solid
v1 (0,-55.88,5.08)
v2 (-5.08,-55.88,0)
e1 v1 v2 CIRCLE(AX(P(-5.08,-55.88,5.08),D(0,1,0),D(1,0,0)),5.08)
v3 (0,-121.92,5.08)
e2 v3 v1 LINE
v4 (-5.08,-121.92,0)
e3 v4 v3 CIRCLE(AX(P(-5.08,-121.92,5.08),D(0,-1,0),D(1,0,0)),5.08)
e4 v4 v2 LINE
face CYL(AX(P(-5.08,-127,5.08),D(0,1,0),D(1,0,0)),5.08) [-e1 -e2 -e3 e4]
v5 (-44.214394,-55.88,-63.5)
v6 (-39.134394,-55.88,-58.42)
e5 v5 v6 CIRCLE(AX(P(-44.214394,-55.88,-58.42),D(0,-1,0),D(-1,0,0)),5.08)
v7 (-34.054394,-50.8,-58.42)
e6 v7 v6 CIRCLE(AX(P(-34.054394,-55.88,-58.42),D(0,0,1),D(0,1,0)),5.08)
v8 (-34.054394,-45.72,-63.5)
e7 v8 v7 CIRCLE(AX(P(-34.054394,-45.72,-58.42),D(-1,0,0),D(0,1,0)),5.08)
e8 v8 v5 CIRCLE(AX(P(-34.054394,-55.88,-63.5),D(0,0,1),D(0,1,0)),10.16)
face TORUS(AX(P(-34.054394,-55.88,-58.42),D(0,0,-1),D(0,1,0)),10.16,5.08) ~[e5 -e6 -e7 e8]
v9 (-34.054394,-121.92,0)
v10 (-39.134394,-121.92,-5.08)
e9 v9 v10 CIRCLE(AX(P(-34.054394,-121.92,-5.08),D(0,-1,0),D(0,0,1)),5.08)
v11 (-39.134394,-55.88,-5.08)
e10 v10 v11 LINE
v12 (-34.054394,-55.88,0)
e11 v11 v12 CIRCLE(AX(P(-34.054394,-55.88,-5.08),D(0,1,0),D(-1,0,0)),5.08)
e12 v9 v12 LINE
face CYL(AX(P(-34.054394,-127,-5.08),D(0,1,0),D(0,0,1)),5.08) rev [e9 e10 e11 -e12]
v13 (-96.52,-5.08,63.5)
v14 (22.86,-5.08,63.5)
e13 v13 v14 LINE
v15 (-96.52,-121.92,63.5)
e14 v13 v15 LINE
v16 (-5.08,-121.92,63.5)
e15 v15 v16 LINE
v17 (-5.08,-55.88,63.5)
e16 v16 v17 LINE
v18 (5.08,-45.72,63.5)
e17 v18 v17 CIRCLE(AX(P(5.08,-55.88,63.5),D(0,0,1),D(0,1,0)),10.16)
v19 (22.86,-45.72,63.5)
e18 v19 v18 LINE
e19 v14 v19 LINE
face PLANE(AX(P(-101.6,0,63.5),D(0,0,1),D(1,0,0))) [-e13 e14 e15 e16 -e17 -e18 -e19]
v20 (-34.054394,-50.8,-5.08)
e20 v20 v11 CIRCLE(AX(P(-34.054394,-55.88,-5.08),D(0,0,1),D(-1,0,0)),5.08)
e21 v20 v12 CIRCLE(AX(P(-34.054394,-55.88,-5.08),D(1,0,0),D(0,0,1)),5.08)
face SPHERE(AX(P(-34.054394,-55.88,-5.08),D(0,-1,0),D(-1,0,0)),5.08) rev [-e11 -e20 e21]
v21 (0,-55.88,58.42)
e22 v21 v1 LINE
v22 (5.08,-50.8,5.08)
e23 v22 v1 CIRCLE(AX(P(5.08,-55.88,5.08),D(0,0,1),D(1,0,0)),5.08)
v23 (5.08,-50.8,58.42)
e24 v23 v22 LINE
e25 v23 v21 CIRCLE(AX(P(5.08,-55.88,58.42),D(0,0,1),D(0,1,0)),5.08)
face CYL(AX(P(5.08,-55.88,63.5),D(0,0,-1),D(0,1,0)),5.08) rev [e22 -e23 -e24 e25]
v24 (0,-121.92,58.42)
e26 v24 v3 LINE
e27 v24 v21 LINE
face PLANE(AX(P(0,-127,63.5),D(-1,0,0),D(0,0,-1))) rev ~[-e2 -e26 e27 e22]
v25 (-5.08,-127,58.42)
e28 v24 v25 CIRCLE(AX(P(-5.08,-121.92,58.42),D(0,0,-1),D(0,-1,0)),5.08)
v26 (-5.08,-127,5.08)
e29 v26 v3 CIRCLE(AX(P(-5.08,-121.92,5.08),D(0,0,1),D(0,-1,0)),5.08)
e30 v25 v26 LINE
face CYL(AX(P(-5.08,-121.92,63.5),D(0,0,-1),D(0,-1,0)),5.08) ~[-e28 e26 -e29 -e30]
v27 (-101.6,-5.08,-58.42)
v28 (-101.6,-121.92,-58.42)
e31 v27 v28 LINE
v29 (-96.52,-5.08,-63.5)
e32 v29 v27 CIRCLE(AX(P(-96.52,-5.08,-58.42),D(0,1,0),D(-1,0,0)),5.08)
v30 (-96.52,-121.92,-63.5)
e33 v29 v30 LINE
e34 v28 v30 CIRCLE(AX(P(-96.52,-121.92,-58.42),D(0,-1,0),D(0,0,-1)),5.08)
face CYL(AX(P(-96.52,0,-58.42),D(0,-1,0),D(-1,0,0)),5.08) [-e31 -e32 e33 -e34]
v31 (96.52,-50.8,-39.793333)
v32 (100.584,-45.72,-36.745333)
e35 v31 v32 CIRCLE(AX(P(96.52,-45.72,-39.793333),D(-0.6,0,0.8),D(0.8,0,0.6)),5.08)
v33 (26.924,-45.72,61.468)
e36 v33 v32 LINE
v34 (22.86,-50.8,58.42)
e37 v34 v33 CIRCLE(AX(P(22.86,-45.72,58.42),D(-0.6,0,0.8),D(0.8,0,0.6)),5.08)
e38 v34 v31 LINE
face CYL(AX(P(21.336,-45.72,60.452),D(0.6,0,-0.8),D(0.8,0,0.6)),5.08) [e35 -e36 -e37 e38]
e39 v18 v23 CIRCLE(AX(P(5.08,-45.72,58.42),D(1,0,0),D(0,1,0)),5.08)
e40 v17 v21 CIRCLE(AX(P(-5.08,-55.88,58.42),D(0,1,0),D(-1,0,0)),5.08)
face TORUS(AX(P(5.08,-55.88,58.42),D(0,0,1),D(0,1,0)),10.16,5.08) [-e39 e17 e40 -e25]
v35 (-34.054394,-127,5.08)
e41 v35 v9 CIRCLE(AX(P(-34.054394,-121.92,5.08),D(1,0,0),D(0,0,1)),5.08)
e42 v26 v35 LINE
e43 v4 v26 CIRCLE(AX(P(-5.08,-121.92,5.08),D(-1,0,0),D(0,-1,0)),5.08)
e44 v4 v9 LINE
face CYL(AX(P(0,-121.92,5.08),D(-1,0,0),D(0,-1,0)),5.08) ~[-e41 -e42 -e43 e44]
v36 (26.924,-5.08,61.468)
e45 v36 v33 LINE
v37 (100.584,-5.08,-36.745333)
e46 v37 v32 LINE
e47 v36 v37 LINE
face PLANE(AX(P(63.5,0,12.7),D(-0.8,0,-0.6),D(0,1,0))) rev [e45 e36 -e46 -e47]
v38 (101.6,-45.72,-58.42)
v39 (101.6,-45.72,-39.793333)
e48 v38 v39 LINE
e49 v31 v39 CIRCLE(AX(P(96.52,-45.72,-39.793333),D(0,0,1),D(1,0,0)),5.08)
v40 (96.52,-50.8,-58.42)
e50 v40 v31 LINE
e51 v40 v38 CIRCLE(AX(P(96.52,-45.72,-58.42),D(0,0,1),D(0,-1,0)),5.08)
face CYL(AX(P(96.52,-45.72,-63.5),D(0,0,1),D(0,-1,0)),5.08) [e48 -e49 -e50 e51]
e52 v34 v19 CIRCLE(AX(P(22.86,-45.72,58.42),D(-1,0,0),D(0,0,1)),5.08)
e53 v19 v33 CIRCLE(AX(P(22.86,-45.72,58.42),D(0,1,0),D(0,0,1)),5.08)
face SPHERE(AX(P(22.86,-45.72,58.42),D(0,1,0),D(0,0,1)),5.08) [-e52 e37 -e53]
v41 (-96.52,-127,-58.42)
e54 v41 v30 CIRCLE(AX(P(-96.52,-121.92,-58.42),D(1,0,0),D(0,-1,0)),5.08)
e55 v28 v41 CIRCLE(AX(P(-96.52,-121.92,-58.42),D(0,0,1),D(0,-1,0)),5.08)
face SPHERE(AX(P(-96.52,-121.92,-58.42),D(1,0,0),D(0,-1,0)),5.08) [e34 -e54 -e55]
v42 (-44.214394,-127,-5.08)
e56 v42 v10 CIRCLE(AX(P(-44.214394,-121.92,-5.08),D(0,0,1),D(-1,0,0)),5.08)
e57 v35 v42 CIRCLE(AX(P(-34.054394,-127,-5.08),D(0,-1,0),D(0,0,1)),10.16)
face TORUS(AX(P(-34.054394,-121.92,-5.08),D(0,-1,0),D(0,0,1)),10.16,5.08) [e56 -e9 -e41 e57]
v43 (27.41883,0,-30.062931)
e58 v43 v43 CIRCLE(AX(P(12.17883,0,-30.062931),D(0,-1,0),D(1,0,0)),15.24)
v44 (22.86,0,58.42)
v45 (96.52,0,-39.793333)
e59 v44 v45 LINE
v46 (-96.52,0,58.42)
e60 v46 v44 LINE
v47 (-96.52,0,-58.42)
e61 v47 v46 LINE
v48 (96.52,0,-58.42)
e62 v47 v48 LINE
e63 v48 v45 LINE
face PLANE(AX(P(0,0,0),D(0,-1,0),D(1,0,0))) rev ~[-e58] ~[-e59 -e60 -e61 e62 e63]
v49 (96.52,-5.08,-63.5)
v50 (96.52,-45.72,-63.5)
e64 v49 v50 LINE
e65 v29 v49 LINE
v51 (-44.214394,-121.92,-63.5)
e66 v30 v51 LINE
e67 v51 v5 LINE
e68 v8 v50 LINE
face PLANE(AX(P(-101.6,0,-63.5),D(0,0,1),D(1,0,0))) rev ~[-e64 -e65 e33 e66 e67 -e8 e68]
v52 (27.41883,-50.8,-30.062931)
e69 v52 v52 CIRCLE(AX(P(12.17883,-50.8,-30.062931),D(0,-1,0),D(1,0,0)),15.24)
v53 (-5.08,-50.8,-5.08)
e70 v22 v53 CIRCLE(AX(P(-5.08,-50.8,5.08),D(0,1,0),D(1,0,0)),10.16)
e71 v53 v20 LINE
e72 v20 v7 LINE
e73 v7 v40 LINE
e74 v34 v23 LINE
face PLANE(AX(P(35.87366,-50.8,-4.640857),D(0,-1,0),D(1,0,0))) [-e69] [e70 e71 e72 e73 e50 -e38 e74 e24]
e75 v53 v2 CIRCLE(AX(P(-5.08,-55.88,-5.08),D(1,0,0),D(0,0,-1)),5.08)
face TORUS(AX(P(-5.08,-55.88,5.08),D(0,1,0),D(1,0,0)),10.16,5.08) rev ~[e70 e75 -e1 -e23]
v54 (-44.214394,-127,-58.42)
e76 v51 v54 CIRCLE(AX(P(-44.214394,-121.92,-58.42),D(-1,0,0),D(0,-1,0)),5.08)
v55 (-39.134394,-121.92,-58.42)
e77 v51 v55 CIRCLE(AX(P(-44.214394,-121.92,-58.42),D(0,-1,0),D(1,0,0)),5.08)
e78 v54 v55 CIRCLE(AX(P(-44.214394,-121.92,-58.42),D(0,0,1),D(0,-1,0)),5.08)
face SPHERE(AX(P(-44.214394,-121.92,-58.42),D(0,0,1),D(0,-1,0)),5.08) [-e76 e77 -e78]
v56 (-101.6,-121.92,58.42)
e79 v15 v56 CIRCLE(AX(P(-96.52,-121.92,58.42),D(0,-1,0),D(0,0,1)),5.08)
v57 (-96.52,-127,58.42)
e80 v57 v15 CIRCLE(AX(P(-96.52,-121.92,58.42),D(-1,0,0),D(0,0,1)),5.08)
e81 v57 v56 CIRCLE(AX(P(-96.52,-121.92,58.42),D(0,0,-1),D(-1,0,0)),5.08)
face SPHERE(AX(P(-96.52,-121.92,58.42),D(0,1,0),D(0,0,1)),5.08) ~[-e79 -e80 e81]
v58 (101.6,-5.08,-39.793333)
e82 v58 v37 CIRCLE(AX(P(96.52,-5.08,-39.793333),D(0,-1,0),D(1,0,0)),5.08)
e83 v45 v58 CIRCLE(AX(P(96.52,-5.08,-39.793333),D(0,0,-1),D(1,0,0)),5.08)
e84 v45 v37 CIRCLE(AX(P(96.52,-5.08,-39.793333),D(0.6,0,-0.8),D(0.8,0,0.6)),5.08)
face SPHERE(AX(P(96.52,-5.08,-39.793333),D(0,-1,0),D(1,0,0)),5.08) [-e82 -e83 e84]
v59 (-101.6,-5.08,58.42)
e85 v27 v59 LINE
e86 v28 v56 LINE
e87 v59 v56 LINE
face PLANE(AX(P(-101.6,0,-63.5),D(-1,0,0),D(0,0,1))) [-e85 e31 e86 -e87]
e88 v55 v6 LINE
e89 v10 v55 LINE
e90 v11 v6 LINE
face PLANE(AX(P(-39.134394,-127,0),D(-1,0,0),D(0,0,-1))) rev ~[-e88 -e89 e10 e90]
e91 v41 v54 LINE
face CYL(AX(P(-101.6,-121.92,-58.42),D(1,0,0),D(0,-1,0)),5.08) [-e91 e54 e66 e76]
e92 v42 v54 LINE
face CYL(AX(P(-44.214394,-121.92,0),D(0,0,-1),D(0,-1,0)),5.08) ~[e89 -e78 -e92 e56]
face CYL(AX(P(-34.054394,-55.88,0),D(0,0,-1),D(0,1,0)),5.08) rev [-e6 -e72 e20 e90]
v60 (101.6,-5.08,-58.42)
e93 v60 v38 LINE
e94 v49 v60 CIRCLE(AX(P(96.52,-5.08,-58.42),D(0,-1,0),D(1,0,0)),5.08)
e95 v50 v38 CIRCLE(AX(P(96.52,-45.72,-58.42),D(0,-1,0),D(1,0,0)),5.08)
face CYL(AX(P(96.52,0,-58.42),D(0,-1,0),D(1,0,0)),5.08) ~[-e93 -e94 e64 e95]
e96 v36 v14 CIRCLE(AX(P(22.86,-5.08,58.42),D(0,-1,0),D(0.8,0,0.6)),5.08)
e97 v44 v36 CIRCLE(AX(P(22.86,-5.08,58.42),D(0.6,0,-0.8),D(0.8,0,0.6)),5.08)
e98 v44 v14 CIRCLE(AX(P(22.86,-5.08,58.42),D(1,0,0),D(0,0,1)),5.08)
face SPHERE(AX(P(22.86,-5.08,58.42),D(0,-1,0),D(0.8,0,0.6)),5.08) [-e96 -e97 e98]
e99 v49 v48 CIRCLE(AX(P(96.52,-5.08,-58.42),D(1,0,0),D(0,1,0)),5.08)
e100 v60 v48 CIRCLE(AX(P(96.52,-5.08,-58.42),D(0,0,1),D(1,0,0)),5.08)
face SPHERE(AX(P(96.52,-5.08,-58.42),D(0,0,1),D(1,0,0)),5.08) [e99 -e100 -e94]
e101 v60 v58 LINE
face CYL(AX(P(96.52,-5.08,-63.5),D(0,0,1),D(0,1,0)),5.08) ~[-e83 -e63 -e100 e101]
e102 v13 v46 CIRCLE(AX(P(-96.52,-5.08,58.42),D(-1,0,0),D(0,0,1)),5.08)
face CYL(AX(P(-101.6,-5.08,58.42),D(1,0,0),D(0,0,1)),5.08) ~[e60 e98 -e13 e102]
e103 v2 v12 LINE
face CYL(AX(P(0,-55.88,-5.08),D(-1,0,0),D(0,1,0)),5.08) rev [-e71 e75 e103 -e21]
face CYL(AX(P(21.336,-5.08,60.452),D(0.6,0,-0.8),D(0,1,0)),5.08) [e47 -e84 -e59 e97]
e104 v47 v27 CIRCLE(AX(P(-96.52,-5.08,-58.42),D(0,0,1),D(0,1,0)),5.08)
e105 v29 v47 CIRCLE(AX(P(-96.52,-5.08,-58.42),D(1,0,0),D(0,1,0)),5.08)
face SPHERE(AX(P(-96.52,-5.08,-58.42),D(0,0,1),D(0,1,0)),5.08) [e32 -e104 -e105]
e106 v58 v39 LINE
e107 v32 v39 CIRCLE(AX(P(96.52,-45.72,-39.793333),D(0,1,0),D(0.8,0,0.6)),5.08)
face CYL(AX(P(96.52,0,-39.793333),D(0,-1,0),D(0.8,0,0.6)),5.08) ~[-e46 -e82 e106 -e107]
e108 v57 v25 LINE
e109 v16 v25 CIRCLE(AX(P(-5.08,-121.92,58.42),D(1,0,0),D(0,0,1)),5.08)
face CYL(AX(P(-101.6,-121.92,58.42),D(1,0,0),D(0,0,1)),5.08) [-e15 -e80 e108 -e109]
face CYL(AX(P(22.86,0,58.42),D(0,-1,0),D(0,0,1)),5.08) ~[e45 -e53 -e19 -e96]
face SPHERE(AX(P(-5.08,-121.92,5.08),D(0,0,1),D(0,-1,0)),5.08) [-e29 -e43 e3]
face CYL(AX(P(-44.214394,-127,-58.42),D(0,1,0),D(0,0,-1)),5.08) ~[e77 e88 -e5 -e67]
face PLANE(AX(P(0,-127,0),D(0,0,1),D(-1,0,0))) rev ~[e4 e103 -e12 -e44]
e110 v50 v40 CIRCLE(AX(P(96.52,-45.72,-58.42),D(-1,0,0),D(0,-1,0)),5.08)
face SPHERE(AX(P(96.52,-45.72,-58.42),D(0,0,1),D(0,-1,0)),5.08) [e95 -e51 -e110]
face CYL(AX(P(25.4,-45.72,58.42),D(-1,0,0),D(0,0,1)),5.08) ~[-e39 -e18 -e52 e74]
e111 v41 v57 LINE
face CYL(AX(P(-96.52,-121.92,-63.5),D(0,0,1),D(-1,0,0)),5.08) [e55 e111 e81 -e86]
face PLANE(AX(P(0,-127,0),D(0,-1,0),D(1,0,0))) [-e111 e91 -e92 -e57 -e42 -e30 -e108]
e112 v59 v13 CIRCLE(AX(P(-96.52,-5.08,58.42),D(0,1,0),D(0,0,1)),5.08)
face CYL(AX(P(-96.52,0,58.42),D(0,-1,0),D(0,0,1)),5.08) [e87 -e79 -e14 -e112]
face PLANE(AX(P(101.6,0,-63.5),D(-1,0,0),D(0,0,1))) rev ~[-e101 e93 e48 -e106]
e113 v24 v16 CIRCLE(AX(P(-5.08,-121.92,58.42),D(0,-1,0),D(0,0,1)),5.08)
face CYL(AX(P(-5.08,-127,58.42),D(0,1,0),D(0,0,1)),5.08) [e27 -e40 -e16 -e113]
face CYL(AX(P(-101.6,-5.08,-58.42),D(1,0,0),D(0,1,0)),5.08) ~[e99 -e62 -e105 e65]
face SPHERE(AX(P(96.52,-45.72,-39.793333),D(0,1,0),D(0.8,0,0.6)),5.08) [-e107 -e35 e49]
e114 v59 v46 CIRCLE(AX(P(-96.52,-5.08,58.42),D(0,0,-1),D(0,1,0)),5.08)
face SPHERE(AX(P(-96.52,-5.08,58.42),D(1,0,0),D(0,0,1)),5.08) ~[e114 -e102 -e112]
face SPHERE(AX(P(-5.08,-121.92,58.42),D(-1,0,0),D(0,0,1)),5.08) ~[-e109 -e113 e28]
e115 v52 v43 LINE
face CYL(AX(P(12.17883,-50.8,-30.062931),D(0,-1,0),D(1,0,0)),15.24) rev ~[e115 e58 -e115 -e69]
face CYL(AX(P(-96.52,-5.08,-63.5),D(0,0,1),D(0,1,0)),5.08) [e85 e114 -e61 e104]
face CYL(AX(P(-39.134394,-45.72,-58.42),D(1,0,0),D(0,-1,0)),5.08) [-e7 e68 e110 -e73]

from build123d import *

# Parameters (mm, degrees)
F0_W     = 203.2
F0_H     = 127
F1_DEPTH = 127
F3_DEPTH = 76.2
F4_SIZE2 = 101.6
F4_SIZE  = 76.2
F5_R     = 5.08
F6_R     = 15.24
F7_DEPTH = 76.2


with BuildPart() as f1:
    # F0 (on Front) → F1 (new body)
    with BuildSketch(Plane.XZ):
        Rectangle(F0_W, F0_H)
    extrude(amount=F1_DEPTH)

    # F2 (on face) → F3 (cut)
    with BuildSketch(Plane.XZ.offset(127)):
        Polygon((101.6, 63.5), (0, 63.5), (0, 0), (-39.1343943775, 0), (-39.1343943775, -63.5), (101.6, -63.5), align=None)
    extrude(amount=-F3_DEPTH, mode=Mode.SUBTRACT)

    # F4
    f4_edges = [f1.edges().sort_by_distance(p)[0] for p in [
        (101.6, -25.4, 63.5),
    ]]
    f4_side = f1.faces().sort_by_distance((-21.771429, -52.614286, 63.5))[0]
    chamfer(f4_edges, length=F4_SIZE, length2=F4_SIZE2, reference=f4_side)

    # F5
    f5_edges = [f1.edges().sort_by_distance(p)[0] for p in [
        (-38.1, 0, 63.5),
        (25.4, -25.4, 63.5),
        (-101.6, -63.5, 63.5),
        (12.7, -50.8, 63.5),
        (-50.8, -127, 63.5),
        (0, -88.9, 63.5),
        (0, -127, 31.75),
        (-19.567197, -127, 0),
        (-39.134394, -127, -31.75),
        (-70.367197, -127, -63.5),
        (-101.6, -127, 0),
        (-39.134394, -88.9, 0),
        (-39.134394, -88.9, -63.5),
        (-39.134394, -50.8, -31.75),
        (0, -88.9, 0),
        (0, -50.8, 31.75),
        (63.5, -50.8, 12.7),
        (101.6, -50.8, -50.8),
        (-19.567197, -50.8, 0),
        (31.232803, -50.8, -63.5),
        (63.5, 0, 12.7),
        (101.6, -25.4, -38.1),
        (101.6, 0, -50.8),
        (101.6, -25.4, -63.5),
        (-101.6, 0, 0),
        (0, 0, -63.5),
        (-101.6, -63.5, -63.5),
    ]]
    fillet(f5_edges, radius=F5_R)

    # F6 (on face) → F7 (cut)
    with BuildSketch(Plane.XZ.offset(50.8)):
        with Locations((12.1788298711, -30.0629306585)):
            Circle(F6_R)
    extrude(amount=-F7_DEPTH, mode=Mode.SUBTRACT)


solid = f1.part
